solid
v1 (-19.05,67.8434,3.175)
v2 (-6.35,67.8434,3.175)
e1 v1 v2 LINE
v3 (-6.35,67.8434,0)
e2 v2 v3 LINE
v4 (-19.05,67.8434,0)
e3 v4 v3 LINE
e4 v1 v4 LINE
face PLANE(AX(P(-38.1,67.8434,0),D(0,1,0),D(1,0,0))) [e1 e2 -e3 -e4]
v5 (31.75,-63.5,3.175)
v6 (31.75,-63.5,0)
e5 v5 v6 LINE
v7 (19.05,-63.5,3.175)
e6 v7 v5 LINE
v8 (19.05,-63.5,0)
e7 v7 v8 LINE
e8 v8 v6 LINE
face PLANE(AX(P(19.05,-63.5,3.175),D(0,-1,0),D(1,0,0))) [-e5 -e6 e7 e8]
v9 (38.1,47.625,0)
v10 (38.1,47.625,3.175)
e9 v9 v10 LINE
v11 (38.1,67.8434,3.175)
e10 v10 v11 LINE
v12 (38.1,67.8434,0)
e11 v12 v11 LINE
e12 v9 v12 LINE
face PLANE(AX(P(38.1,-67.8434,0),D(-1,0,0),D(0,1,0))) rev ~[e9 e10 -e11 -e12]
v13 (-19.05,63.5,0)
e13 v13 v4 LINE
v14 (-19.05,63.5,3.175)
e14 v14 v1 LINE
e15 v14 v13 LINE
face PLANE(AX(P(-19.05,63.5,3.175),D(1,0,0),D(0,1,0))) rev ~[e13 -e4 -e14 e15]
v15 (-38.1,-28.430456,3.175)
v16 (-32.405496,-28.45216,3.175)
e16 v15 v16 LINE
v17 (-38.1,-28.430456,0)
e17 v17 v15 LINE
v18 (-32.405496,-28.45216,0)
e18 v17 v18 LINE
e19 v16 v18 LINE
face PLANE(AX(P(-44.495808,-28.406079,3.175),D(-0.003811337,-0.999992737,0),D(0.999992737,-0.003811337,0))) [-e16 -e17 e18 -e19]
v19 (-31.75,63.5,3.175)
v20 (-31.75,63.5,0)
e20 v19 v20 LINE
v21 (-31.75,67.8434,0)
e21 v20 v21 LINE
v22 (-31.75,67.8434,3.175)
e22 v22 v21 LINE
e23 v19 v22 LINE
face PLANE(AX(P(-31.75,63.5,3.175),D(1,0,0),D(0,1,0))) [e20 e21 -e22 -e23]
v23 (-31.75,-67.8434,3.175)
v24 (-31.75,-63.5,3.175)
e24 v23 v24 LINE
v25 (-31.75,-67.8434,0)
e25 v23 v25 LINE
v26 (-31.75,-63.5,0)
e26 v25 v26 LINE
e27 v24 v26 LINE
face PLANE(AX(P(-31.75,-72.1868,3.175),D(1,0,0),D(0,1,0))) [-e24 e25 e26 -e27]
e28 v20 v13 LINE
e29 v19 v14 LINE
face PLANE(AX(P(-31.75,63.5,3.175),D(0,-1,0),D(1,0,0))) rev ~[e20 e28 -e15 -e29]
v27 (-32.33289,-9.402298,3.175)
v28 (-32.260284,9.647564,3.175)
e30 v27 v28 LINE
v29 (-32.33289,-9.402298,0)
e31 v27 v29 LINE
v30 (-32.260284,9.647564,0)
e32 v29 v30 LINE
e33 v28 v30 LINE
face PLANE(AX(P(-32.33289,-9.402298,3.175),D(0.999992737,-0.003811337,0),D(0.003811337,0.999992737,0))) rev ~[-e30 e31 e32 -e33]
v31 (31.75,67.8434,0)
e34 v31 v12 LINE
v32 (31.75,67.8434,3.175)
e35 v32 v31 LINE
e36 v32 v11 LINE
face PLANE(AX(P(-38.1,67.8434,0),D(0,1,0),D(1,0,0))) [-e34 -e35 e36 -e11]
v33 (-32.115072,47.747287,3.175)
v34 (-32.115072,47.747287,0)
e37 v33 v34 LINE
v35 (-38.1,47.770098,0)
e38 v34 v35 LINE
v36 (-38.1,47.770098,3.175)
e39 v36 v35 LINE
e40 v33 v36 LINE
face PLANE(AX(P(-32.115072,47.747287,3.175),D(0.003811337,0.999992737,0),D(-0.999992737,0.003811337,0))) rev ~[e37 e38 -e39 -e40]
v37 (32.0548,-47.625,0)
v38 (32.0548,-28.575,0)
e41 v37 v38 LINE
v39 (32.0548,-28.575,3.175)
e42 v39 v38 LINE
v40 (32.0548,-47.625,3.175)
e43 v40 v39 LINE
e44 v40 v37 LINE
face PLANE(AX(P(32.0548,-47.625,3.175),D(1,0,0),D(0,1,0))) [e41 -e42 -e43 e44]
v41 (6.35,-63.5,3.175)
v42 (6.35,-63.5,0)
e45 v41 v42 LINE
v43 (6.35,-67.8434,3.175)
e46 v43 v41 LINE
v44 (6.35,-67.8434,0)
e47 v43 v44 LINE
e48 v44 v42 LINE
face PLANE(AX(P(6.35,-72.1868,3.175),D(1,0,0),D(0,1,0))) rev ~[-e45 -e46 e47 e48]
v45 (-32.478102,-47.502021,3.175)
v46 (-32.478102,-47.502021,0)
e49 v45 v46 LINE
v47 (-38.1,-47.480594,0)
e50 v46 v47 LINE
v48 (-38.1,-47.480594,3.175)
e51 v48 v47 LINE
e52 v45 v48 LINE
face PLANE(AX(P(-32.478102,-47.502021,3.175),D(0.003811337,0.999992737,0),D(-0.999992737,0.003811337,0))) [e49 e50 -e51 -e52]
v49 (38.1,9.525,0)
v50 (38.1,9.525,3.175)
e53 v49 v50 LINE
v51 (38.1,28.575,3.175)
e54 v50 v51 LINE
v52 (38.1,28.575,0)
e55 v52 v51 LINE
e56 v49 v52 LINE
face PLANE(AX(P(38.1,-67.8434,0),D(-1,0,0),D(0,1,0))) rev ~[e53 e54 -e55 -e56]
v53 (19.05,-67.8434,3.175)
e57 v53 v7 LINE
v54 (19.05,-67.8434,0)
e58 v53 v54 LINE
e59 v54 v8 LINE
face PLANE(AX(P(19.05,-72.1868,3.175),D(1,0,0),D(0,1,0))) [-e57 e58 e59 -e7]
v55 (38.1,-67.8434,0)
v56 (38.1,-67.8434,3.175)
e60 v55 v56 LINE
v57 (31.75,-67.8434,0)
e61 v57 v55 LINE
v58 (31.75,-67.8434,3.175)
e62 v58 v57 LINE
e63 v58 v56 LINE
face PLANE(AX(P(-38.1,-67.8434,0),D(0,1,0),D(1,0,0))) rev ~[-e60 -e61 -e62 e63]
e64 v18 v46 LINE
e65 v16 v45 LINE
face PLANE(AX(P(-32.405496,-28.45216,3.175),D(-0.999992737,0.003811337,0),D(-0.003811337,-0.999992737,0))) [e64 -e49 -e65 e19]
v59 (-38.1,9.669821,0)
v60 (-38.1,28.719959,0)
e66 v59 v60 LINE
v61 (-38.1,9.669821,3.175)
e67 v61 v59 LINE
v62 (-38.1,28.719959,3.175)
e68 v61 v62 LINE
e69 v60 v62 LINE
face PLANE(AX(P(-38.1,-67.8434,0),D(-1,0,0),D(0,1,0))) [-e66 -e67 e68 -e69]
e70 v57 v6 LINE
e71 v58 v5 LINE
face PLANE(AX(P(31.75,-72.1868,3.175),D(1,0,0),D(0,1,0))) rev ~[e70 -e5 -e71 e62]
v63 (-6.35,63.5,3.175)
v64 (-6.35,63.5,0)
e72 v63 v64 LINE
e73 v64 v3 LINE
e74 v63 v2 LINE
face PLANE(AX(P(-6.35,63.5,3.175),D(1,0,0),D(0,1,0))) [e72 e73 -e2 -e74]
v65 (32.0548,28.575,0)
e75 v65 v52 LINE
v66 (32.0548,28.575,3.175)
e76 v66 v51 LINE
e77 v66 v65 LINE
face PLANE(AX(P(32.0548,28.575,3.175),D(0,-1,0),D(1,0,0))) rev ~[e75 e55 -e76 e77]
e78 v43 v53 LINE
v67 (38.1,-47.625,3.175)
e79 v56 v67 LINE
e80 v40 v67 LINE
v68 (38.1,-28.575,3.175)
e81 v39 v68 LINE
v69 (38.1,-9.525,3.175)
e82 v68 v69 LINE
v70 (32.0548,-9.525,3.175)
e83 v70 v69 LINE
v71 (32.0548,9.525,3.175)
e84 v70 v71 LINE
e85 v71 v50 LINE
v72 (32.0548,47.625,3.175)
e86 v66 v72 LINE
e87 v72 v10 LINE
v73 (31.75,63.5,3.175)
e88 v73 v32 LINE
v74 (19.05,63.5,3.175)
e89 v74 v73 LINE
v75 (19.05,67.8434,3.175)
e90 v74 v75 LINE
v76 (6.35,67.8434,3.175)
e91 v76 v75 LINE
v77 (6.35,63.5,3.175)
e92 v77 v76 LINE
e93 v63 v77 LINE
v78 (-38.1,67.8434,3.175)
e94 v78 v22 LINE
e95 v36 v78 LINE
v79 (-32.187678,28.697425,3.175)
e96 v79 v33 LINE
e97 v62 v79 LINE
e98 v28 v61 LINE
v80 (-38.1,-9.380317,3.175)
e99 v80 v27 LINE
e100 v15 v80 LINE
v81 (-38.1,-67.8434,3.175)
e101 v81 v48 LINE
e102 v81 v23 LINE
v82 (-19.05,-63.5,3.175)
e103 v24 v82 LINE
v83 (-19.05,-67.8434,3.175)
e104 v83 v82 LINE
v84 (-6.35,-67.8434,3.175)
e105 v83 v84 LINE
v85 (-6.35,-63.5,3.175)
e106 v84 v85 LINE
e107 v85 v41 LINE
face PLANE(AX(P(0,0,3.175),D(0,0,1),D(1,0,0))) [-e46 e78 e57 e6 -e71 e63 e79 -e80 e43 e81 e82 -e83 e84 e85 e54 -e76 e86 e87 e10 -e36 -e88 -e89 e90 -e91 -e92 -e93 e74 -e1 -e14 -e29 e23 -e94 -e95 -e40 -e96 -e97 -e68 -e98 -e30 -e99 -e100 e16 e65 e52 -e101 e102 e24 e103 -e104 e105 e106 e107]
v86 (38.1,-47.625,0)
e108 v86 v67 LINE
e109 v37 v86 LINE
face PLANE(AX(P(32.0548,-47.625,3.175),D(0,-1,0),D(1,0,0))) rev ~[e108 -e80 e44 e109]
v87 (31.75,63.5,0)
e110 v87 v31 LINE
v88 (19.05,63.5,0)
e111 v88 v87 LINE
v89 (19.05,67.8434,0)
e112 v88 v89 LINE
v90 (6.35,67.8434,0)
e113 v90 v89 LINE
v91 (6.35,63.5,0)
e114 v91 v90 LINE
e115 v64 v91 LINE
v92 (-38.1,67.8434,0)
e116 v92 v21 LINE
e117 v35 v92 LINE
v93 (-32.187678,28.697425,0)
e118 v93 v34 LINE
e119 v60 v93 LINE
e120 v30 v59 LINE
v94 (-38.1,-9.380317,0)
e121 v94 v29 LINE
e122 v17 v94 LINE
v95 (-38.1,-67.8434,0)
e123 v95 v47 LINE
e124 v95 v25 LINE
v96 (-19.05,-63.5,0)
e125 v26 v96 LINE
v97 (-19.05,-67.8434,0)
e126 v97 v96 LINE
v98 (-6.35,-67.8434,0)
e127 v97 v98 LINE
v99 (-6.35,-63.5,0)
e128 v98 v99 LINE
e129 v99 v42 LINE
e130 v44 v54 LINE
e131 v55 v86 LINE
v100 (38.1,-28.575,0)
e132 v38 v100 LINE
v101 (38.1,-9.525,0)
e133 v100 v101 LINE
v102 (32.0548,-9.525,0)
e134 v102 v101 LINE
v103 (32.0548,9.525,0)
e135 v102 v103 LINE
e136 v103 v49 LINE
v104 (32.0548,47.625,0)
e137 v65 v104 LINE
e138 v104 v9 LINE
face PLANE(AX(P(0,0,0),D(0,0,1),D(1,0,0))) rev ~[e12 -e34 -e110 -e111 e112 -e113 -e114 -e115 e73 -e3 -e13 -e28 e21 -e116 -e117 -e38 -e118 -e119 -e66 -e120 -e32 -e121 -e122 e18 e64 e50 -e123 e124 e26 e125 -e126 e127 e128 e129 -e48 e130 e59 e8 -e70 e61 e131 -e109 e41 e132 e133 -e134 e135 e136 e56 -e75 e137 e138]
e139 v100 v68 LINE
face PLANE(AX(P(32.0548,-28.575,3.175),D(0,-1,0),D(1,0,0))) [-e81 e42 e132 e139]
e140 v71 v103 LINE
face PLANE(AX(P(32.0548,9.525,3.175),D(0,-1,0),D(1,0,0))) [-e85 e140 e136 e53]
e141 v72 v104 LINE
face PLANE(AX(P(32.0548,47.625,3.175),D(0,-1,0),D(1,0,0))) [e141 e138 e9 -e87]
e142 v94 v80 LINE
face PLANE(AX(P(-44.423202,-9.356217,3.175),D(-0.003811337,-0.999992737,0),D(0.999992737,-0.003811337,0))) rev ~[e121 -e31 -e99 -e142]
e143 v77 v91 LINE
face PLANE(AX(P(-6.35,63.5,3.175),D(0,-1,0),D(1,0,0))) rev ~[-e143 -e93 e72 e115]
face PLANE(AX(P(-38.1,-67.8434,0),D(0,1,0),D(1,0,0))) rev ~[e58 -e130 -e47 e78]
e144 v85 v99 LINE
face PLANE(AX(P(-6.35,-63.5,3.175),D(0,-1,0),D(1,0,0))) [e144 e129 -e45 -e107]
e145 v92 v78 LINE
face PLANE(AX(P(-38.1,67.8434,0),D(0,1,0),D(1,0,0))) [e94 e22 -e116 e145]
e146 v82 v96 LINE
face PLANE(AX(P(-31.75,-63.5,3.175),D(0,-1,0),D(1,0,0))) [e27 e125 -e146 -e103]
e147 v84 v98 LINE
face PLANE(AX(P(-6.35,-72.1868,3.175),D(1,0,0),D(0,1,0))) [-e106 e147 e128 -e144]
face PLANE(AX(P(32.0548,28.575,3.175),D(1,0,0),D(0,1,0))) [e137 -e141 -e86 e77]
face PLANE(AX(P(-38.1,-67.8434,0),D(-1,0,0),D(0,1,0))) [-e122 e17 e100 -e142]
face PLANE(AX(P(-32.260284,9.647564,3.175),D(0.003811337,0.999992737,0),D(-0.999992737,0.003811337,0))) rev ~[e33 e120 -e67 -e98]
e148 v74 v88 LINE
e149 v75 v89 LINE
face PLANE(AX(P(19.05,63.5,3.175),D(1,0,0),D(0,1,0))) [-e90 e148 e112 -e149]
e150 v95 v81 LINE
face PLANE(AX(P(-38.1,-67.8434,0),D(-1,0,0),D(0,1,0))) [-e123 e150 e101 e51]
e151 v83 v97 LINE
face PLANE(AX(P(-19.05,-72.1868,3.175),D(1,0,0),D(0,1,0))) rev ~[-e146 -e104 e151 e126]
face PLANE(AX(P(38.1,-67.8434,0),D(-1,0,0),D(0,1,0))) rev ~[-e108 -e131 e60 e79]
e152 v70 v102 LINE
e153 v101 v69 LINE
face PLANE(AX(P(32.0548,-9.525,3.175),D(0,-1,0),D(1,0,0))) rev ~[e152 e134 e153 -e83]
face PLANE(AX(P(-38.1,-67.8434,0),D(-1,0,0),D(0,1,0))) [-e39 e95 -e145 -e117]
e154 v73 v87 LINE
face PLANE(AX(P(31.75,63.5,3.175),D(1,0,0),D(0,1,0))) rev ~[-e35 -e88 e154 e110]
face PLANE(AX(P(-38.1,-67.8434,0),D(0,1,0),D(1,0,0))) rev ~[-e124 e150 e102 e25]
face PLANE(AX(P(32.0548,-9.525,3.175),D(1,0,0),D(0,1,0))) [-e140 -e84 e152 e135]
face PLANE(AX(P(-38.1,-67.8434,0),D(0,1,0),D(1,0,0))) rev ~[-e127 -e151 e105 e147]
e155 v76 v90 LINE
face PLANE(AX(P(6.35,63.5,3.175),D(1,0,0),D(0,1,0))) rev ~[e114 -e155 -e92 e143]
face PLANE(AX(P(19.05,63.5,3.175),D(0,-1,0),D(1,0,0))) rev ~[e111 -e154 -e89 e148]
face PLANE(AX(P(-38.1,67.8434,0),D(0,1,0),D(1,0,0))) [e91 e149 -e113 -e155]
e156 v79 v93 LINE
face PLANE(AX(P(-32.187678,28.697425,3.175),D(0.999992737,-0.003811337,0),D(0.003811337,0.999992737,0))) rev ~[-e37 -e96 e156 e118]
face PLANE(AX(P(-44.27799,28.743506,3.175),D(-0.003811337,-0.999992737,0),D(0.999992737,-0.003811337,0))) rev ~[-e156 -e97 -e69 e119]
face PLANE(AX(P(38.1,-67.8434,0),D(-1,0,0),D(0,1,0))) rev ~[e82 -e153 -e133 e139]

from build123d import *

# Parameters (mm, degrees)
SKETCH1_W           = 76.2
SKETCH1_H           = 135.6868
BOSS_EXTRUDE1_DEPTH = 3.175
SKETCH2_W           = 12.7
SKETCH2_H           = 8.6868
CUT_EXTRUDE1_DEPTH  = 78.874370293
SKETCH3_W           = 12.0904
SKETCH3_H           = 19.05
CUT_EXTRUDE2_DEPTH  = 78.874370293


with BuildPart() as part:
    # Sketch1 → Boss-Extrude1 (new body)
    with BuildSketch(Plane.XY):
        Rectangle(SKETCH1_W, SKETCH1_H)
    extrude(amount=BOSS_EXTRUDE1_DEPTH)

    # Sketch2 → Cut-Extrude1 (cut, through all)
    with BuildSketch(Plane.XY.offset(3.175)):
        with Locations((0, 67.8434)):
            Rectangle(SKETCH2_W, SKETCH2_H)
        with Locations((-25.4, 67.8434)):
            Rectangle(SKETCH2_W, SKETCH2_H)
        with Locations((25.4, 67.8434)):
            Rectangle(SKETCH2_W, SKETCH2_H)
        with Locations((25.4, -67.8434)):
            Rectangle(SKETCH2_W, SKETCH2_H)
        with Locations((-25.4, -67.8434)):
            Rectangle(SKETCH2_W, SKETCH2_H)
        with Locations((0, -67.8434)):
            Rectangle(SKETCH2_W, SKETCH2_H)
    extrude(amount=-CUT_EXTRUDE1_DEPTH, mode=Mode.SUBTRACT)

    # Sketch3 → Cut-Extrude2 (cut, through all)
    with BuildSketch(Plane.XY.offset(3.175)):
        with Locations((38.1, 0)):
            Rectangle(SKETCH3_W, SKETCH3_H)
        with Locations((38.1, 38.1)):
            Rectangle(SKETCH3_W, SKETCH3_H)
        with Locations((38.1, -38.1)):
            Rectangle(SKETCH3_W, SKETCH3_H)
        Polygon((-44.277990322, 28.743505915), (-32.187678137, 28.697425322), (-32.115072161, 47.747286959), (-44.205384346, 47.793367552), align=None)
        Polygon((-32.332890089, -9.402297951), (-32.260284113, 9.647563686), (-44.350596298, 9.693644279), (-44.423202274, -9.356217358), align=None)
        Polygon((-32.405496065, -28.452159587), (-32.478102041, -47.502021224), (-44.568414227, -47.455940631), (-44.495808251, -28.406078995), align=None)
    extrude(amount=-CUT_EXTRUDE2_DEPTH, mode=Mode.SUBTRACT)


solid = part.part
